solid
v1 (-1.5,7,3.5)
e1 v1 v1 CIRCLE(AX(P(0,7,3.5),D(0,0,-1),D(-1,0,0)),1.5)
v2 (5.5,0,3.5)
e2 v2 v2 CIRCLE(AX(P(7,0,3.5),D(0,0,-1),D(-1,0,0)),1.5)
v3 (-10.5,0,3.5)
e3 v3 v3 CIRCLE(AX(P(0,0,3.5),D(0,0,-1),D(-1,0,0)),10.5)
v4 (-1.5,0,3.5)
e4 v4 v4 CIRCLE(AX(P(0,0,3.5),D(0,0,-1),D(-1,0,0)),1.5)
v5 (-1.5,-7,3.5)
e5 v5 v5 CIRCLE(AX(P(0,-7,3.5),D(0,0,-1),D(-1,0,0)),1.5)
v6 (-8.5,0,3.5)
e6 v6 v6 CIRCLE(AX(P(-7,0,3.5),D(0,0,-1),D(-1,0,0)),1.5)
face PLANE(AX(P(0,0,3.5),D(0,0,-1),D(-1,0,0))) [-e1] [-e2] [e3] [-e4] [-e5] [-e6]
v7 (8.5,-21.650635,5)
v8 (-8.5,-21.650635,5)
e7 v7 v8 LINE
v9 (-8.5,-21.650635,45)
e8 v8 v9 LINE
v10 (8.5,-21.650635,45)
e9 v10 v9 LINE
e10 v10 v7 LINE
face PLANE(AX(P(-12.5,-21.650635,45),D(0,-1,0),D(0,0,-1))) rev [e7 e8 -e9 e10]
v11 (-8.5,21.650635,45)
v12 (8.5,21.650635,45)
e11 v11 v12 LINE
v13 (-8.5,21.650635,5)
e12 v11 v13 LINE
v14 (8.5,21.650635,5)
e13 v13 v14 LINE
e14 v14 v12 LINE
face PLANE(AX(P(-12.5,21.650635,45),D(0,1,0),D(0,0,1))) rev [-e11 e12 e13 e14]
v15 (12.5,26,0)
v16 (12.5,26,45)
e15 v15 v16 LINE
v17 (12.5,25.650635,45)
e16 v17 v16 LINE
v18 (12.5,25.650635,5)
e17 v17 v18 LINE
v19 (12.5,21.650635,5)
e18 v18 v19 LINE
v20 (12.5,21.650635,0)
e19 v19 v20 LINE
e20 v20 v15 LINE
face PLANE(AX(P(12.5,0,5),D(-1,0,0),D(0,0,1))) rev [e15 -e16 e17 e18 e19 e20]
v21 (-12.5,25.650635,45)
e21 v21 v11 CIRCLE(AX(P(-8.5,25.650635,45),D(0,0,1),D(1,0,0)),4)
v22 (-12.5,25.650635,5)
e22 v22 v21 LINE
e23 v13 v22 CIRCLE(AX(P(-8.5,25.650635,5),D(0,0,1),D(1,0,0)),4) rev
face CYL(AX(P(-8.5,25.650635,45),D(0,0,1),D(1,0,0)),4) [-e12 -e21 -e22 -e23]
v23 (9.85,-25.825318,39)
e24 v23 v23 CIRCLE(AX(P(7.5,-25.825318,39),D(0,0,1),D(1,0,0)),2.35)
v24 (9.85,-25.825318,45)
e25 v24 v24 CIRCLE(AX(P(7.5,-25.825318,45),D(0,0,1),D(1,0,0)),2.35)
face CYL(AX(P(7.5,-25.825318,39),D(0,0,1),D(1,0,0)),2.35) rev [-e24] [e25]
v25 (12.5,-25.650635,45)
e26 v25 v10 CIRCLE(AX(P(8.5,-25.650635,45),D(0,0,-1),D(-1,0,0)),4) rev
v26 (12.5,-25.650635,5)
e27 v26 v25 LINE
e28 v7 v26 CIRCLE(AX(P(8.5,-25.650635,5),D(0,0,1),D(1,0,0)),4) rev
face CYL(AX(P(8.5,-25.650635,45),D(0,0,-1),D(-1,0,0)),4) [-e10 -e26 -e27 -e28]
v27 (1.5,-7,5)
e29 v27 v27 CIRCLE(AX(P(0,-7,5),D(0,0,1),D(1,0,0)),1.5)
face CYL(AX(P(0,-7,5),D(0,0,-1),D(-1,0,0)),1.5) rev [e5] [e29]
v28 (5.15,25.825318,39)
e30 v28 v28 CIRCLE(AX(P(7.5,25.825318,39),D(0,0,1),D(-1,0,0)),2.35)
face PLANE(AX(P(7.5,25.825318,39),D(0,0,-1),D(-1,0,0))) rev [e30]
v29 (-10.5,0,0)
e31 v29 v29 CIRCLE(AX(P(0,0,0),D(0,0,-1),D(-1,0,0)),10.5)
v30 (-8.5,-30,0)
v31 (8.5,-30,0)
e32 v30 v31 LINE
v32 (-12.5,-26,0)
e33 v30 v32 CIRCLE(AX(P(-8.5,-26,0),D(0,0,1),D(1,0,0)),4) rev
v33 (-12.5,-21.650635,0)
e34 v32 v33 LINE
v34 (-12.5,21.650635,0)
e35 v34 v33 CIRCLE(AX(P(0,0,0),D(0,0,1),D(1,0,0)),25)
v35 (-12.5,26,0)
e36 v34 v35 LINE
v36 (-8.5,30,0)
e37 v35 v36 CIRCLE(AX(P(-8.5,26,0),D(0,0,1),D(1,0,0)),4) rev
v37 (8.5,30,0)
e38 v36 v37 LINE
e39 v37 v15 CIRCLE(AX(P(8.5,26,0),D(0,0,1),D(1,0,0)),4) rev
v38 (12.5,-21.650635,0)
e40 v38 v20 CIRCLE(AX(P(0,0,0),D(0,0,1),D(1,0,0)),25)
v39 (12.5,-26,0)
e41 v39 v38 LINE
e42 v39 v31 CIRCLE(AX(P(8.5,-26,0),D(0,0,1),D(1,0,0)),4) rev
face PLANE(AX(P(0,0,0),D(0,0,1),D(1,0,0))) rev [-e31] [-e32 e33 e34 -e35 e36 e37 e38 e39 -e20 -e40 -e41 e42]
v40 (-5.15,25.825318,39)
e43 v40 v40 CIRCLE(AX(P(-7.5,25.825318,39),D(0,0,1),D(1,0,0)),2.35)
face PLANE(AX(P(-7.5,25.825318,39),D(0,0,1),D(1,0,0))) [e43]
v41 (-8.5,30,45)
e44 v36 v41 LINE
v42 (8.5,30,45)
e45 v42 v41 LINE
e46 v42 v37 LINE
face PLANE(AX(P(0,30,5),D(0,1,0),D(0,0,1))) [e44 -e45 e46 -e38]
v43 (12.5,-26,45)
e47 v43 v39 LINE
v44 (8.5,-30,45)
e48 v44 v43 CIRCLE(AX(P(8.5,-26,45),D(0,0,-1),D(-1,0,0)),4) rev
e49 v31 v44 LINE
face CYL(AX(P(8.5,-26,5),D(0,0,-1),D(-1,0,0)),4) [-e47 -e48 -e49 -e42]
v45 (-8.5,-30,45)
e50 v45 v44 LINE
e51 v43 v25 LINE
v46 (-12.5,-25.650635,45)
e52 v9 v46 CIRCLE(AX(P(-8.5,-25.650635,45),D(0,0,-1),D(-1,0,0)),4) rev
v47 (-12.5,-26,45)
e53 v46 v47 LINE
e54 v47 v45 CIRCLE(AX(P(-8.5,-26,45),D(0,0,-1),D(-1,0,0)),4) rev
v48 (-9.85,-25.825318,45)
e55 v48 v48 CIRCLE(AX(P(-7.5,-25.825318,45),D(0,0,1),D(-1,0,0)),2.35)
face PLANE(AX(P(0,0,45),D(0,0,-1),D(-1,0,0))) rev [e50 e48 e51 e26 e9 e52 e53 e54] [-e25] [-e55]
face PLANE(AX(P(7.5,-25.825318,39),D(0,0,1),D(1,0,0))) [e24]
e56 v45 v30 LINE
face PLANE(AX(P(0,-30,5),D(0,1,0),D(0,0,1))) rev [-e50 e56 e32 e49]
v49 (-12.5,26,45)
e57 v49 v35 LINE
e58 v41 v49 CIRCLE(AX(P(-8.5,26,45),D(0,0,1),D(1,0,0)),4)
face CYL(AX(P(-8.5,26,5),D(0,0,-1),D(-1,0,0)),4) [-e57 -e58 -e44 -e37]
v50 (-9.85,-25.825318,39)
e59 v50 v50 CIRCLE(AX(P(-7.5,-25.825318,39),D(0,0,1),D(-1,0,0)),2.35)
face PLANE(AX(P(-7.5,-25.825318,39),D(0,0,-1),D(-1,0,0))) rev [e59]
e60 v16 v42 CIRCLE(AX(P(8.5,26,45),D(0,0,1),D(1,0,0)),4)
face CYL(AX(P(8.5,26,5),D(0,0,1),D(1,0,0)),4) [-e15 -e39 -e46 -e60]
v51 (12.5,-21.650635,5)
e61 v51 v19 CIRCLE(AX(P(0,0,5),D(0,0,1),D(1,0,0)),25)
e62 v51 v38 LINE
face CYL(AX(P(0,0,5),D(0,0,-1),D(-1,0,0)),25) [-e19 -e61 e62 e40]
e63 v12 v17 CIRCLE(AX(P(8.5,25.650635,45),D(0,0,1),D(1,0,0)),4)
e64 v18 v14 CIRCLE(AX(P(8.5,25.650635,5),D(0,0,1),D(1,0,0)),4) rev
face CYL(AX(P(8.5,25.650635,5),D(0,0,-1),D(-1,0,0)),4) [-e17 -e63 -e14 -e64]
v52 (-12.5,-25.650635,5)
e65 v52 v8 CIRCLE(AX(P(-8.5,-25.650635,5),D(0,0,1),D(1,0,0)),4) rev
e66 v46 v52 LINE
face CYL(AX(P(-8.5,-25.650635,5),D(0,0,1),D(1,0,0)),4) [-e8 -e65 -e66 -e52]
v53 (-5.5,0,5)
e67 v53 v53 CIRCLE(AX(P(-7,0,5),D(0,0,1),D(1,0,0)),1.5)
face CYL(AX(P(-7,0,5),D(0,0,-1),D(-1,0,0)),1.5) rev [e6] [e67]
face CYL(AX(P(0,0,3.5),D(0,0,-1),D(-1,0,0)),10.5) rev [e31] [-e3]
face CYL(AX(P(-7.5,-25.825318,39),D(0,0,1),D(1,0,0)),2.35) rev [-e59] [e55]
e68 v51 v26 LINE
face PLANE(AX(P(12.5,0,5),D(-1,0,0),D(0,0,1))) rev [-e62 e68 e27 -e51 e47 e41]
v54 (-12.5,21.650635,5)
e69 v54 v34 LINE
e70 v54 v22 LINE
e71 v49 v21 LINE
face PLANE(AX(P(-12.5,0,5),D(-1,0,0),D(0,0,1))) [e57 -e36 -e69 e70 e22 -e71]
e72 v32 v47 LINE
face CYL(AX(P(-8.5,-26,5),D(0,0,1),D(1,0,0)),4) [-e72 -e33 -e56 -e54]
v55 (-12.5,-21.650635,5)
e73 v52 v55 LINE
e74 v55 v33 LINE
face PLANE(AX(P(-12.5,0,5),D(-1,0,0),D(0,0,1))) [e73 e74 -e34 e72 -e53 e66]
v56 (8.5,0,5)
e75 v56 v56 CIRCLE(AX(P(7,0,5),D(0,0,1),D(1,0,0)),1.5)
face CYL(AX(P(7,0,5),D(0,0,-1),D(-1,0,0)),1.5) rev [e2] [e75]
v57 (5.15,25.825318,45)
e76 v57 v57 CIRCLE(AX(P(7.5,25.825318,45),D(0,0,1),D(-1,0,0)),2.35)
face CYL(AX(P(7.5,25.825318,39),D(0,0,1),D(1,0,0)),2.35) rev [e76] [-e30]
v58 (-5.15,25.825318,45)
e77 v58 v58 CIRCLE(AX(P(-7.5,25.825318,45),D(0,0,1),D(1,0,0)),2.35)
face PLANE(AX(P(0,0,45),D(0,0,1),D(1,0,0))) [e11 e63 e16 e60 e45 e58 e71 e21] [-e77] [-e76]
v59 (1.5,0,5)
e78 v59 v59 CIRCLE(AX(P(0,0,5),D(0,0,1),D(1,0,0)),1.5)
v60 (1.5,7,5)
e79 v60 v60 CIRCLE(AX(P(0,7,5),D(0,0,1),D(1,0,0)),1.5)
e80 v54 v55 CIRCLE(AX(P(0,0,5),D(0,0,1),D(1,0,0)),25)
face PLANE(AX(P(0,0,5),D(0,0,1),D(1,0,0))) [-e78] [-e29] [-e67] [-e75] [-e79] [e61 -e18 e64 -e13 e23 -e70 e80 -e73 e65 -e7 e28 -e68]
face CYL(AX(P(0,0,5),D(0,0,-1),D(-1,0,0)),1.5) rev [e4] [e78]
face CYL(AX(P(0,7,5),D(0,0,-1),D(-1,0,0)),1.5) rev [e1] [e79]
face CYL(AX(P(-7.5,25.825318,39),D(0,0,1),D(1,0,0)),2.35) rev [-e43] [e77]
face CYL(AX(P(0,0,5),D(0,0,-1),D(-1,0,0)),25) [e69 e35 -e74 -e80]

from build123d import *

# Parameters (mm, degrees)
SKETCH1_R           = 1.5
BOSS_EXTRUDE1_DEPTH = 5
SKETCH3_R           = 10.5
CUT_EXTRUDE2_DEPTH  = 3.5
SKETCH4_W           = 25
SKETCH4_H           = 8.349364905
BOSS_EXTRUDE2_DEPTH = 40
FILLET1_R           = 4
SKETCH5_R           = 2.35
CUT_EXTRUDE3_DEPTH  = 6


with BuildPart() as part:
    # Sketch1 → Boss-Extrude1 (new body)
    # profile 1 of 5: a face of its own
    with BuildSketch(Plane.XY):
        with BuildLine():
            ThreePointArc((-12.5, 21.650635095), (-25, 0), (-12.5, -21.650635095))
            Line((-12.5, -21.650635095), (-12.5, 21.650635095))
        make_face()
    # profile 2 of 5: a face of its own
    with BuildSketch(Plane.XY):
        with BuildLine():
            Line((-12.5, 21.650635095), (-12.5, -21.650635095))
            ThreePointArc((-12.5, -21.650635095), (0, -25), (12.5, -21.650635095))
            Line((12.5, -21.650635095), (12.5, 21.650635095))
            ThreePointArc((12.5, 21.650635095), (0, 25), (-12.5, 21.650635095))
        make_face()
        with Locations((0, -7)):
            Circle(SKETCH1_R, mode=Mode.SUBTRACT)
        with Locations((7, 0)):
            Circle(SKETCH1_R, mode=Mode.SUBTRACT)
        with Locations((-7, 0)):
            Circle(SKETCH1_R, mode=Mode.SUBTRACT)
        Circle(SKETCH1_R, mode=Mode.SUBTRACT)
        with Locations((0, 7)):
            Circle(SKETCH1_R, mode=Mode.SUBTRACT)
    # profile 3 of 5: a face of its own
    with BuildSketch(Plane.XY):
        with BuildLine():
            Line((-12.5, 30), (-12.5, 21.650635095))
            ThreePointArc((-12.5, 21.650635095), (0, 25), (12.5, 21.650635095))
            Line((12.5, 21.650635095), (12.5, 30))
            Line((12.5, 30), (-12.5, 30))
        make_face()
    # profile 4 of 5: a face of its own
    with BuildSketch(Plane.XY):
        with BuildLine():
            Line((-12.5, -21.650635095), (-12.5, -30))
            Line((-12.5, -30), (12.5, -30))
            Line((12.5, -30), (12.5, -21.650635095))
            ThreePointArc((12.5, -21.650635095), (0, -25), (-12.5, -21.650635095))
        make_face()
    # profile 5 of 5: a face of its own
    with BuildSketch(Plane.XY):
        with BuildLine():
            Line((12.5, 21.650635095), (12.5, -21.650635095))
            ThreePointArc((12.5, -21.650635095), (21.650635095, -12.5), (25, 0))
            ThreePointArc((25, 0), (21.650635095, 12.5), (12.5, 21.650635095))
        make_face()
    extrude(amount=BOSS_EXTRUDE1_DEPTH)

    # Sketch3 → Cut-Extrude2 (cut)
    with BuildSketch(Plane(origin=(0, 0, 0), x_dir=(-1, 0, 0), z_dir=(0, 0, -1))):
        Circle(SKETCH3_R)
    extrude(amount=-CUT_EXTRUDE2_DEPTH, mode=Mode.SUBTRACT)

    # Sketch4 → Boss-Extrude2 (add)
    with BuildSketch(Plane.XY.offset(5)):
        with Locations((0, 25.825317548)):
            Rectangle(SKETCH4_W, SKETCH4_H)
        with Locations((0, -25.825317548)):
            Rectangle(SKETCH4_W, SKETCH4_H)
    extrude(amount=BOSS_EXTRUDE2_DEPTH)

    # Fillet1
    fillet1_edges = [part.edges().sort_by_distance(p)[0] for p in [
        (-12.5, 30, 22.5),
        (12.5, 30, 22.5),
        (12.5, -30, 22.5),
        (-12.5, -30, 22.5),
        (-12.5, 21.650635095, 25),
        (12.5, 21.650635095, 25),
        (-12.5, -21.650635095, 25),
        (12.5, -21.650635095, 25),
    ]]
    fillet(fillet1_edges, radius=FILLET1_R)

    # Sketch5 → Cut-Extrude3 (cut)
    with BuildSketch(Plane.XY.offset(45)):
        with Locations((-7.5, 25.825317547)):
            Circle(SKETCH5_R)
        with Locations(Location((7.5, 25.825317547, 0), (0, 0, 180))):
            Circle(SKETCH5_R)
        with Locations((7.5, -25.825317547)):
            Circle(SKETCH5_R)
        with Locations(Location((-7.5, -25.825317547, 0), (0, 0, 180))):
            Circle(SKETCH5_R)
    extrude(amount=-CUT_EXTRUDE3_DEPTH, mode=Mode.SUBTRACT)


solid = part.part
